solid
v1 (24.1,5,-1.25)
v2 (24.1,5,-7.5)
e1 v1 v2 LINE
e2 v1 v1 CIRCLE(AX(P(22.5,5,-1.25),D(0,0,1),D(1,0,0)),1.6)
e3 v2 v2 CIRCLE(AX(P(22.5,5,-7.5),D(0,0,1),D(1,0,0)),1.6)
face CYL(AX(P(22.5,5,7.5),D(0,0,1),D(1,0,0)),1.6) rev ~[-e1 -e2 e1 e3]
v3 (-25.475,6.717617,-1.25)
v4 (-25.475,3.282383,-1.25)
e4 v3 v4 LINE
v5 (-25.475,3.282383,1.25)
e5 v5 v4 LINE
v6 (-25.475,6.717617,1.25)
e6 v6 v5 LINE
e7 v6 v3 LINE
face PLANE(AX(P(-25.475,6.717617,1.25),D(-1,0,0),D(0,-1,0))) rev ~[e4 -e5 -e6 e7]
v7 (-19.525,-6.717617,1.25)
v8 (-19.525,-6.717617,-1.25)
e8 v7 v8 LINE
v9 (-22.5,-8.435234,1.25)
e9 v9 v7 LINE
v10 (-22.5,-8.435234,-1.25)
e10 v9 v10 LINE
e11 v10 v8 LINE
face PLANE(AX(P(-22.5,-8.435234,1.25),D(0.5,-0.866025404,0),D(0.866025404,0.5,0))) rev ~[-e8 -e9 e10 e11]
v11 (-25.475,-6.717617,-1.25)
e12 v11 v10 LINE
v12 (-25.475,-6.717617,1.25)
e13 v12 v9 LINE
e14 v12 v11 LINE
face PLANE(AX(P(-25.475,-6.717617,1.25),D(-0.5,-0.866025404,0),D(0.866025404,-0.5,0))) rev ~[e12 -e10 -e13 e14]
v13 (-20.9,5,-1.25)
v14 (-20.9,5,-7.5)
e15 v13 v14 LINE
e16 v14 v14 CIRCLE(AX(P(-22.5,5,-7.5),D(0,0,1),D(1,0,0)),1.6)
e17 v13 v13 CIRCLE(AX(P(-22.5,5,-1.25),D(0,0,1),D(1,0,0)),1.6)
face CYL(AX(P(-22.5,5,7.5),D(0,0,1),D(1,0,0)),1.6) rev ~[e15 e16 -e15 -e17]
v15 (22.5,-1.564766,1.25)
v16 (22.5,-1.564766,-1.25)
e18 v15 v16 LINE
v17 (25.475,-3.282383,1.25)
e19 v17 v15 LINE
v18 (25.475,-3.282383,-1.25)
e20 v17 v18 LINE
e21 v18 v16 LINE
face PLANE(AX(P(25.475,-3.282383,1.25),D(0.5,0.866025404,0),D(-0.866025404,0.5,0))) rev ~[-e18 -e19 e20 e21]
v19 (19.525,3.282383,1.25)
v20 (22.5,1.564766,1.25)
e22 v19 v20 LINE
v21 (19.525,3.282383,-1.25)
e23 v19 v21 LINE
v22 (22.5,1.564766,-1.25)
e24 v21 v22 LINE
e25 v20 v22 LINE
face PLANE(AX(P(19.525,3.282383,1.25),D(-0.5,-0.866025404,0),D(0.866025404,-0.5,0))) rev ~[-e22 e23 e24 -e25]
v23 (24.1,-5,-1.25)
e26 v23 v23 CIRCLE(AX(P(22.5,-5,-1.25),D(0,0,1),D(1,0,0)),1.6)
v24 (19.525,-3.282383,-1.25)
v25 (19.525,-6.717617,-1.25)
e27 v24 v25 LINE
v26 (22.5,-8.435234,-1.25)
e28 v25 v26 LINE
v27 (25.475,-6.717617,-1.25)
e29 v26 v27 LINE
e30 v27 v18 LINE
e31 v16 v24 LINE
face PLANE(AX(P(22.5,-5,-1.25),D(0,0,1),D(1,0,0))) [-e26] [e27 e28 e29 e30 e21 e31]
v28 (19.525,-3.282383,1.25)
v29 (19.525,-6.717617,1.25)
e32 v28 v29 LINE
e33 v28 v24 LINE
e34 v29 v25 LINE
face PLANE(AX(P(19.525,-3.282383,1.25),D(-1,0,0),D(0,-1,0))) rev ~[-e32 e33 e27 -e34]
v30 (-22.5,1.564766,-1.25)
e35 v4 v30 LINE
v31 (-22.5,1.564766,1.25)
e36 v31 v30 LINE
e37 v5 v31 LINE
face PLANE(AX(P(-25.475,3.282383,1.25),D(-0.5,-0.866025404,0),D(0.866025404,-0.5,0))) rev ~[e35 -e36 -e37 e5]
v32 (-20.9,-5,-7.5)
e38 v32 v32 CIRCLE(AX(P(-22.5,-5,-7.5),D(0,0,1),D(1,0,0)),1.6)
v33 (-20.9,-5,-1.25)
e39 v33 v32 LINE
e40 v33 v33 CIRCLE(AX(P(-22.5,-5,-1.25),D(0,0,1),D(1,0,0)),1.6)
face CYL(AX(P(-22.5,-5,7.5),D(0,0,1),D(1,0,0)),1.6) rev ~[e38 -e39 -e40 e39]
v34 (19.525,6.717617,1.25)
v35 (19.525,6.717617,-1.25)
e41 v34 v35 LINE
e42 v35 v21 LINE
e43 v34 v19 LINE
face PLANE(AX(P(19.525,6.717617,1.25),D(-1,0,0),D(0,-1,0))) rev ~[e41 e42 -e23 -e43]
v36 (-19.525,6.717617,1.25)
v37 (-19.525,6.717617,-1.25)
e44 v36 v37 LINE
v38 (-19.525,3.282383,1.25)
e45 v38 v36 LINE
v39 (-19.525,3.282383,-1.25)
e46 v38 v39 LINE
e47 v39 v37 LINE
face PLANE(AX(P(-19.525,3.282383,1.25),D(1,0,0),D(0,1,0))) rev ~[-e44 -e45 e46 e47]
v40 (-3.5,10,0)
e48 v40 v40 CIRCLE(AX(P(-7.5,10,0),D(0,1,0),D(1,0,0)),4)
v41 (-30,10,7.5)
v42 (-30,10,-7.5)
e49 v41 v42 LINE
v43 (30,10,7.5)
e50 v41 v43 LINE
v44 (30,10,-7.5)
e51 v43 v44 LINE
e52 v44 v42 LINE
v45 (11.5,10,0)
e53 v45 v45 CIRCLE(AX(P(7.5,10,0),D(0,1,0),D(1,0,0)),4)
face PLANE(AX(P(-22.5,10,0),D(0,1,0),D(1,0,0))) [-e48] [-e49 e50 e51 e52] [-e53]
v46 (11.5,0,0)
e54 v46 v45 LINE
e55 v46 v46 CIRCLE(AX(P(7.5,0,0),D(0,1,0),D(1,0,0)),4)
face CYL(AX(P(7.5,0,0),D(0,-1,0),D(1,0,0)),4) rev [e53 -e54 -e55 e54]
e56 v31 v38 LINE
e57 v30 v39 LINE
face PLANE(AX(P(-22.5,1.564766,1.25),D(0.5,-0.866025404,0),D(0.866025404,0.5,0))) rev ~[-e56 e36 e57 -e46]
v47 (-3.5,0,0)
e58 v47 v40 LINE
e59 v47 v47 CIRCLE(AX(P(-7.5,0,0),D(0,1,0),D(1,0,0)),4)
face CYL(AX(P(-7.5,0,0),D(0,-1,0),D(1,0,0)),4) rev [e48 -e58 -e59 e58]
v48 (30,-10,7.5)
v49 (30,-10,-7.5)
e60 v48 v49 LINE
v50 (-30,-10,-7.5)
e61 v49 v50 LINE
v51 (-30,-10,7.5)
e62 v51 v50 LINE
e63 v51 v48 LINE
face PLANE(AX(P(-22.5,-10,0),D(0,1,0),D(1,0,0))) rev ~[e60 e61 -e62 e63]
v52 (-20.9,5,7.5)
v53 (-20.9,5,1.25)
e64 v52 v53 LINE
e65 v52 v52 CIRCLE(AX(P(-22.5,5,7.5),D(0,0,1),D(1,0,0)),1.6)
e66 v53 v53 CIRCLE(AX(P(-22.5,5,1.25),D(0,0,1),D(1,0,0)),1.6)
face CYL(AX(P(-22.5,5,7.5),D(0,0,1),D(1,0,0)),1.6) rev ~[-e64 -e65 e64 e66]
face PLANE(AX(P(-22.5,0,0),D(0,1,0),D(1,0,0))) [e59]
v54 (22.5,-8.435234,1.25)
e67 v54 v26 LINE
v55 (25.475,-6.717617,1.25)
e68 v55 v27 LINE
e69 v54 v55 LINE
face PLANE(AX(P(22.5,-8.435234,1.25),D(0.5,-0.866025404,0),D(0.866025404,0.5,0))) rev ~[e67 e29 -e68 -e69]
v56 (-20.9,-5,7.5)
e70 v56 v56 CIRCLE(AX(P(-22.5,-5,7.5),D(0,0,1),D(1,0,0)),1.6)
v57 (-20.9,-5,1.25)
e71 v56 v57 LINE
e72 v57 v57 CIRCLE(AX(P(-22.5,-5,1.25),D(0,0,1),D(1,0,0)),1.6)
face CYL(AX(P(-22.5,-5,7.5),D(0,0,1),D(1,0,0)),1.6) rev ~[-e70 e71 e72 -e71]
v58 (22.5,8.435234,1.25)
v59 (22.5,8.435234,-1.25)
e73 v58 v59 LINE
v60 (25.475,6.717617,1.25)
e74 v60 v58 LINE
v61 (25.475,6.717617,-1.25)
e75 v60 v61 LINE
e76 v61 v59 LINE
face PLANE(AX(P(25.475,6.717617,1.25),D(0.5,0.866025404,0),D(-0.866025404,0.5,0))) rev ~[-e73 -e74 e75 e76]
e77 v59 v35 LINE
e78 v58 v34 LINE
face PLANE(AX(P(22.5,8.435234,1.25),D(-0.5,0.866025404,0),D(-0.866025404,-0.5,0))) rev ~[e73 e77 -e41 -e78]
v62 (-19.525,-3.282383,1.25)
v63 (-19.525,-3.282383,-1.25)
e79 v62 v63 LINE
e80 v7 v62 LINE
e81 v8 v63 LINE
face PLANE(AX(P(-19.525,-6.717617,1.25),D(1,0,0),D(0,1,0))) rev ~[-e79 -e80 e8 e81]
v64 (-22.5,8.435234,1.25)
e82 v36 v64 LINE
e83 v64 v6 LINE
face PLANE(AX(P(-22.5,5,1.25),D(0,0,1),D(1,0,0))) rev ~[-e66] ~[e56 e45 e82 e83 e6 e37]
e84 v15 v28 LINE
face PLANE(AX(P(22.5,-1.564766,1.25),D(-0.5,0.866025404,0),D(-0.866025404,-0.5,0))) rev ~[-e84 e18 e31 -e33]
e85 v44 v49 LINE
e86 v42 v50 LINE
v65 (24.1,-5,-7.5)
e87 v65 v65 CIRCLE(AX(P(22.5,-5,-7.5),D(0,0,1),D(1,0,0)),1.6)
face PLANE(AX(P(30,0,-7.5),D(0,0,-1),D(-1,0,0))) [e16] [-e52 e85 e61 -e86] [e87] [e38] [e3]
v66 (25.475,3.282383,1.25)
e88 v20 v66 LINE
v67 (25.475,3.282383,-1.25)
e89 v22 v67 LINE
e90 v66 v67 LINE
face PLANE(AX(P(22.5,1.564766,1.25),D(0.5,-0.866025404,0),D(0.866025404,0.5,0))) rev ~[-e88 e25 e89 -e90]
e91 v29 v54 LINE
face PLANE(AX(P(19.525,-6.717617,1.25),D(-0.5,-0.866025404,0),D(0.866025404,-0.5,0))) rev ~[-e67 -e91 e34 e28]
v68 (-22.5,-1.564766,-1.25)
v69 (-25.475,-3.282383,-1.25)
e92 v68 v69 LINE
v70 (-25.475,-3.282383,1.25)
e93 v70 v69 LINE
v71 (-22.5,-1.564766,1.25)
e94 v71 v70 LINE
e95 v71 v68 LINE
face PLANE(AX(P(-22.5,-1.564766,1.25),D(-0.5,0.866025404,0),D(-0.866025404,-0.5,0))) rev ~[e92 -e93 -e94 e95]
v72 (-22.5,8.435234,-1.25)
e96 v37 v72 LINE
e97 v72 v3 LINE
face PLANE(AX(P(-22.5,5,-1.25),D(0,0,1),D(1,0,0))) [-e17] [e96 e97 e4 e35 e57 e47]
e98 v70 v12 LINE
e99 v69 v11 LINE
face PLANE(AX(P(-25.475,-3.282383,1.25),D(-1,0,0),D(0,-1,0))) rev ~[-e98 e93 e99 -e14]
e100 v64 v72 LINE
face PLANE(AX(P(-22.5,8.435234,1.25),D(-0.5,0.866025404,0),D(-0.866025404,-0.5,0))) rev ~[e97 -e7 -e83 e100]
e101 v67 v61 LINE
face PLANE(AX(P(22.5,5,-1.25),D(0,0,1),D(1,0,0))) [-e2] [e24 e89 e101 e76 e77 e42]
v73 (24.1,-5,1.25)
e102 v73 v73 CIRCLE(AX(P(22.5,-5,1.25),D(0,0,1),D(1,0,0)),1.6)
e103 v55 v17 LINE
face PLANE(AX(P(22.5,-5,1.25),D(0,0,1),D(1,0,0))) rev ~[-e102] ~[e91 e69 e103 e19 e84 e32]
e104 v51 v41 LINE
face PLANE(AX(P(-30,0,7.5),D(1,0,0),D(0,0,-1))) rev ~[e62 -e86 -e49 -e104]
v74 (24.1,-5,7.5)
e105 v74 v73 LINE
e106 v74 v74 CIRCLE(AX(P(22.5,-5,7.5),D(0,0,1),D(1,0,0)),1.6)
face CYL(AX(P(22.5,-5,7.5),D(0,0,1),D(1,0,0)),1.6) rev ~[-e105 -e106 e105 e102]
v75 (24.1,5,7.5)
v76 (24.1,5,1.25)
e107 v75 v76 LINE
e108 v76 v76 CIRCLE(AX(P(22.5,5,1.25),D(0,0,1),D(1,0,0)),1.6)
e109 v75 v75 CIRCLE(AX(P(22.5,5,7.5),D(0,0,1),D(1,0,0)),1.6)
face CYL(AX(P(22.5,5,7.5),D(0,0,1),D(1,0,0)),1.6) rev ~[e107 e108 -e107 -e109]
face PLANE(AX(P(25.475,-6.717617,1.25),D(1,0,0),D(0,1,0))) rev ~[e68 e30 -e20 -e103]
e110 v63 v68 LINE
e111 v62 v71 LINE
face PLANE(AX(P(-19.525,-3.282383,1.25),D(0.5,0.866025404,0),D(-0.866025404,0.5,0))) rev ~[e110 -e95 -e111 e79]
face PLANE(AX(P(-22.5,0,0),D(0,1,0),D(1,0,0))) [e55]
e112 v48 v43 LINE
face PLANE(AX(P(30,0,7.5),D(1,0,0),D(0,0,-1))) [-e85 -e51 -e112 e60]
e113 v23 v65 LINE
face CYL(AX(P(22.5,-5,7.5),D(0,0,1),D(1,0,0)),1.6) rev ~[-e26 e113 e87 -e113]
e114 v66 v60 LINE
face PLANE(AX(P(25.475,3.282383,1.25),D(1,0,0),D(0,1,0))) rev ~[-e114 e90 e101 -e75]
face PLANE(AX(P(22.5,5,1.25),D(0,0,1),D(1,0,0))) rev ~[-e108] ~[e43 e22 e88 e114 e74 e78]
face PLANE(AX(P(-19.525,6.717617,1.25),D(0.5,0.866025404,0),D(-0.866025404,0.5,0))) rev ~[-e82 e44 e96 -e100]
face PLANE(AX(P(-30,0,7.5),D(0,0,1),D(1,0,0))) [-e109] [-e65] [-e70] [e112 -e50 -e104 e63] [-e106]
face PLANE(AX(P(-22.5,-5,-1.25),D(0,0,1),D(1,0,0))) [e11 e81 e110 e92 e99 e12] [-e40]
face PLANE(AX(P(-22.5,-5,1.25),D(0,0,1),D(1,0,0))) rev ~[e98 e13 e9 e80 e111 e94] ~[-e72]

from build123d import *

# Parameters (mm, degrees)
SKETCH2_W           = 60
SKETCH2_H           = 15
SKETCH2_R           = 4
BOSS_EXTRUDE1_DEPTH = 10
SKETCH2_3_W         = 60
SKETCH2_3_H         = 15
BOSS_EXTRUDE2_DEPTH = 10
SKETCH4_R           = 1.6
CUT_EXTRUDE1_DEPTH  = 36
CUT_EXTRUDE2_START  = -6.25
SKETCH4_3_R         = 1.6
CUT_EXTRUDE2_DEPTH  = 2.5


with BuildPart() as part:
    # Sketch2 → Boss-Extrude1 (new body)
    with BuildSketch(Plane(origin=(0, 0, 0), x_dir=(1, 0, 0), z_dir=(0, 1, 0))):
        Rectangle(SKETCH2_W, SKETCH2_H)
        with Locations((-7.5, 0)):
            Circle(SKETCH2_R, mode=Mode.SUBTRACT)
        with Locations((7.5, 0)):
            Circle(SKETCH2_R, mode=Mode.SUBTRACT)
    extrude(amount=BOSS_EXTRUDE1_DEPTH)

    # Sketch2<3> → Boss-Extrude2 (add)
    with BuildSketch(Plane(origin=(0, 0, 0), x_dir=(1, 0, 0), z_dir=(0, 1, 0))):
        Rectangle(SKETCH2_3_W, SKETCH2_3_H)
    extrude(amount=-BOSS_EXTRUDE2_DEPTH)

    # Sketch4 → Cut-Extrude1 (cut, through all)
    with BuildSketch(Plane.XY.offset(7.5)):
        with Locations((22.5, 5)):
            Circle(SKETCH4_R)
        with Locations((22.5, -5)):
            Circle(SKETCH4_R)
        with Locations((-22.5, -5)):
            Circle(SKETCH4_R)
        with Locations((-22.5, 5)):
            Circle(SKETCH4_R)
    extrude(amount=-CUT_EXTRUDE1_DEPTH, mode=Mode.SUBTRACT)

    # Sketch4<3> → Cut-Extrude2 (cut)
    # profile 1 of 4: a face of its own
    with BuildSketch(Plane.XY.offset(7.5).offset(CUT_EXTRUDE2_START)):
        Polygon((-22.5, 8.435234102), (-25.475, 6.717617051), (-25.475, 3.282382949), (-22.5, 1.564765898), (-19.525, 3.282382949), (-19.525, 6.717617051), align=None)
        with Locations((-22.5, 5)):
            Circle(SKETCH4_3_R, mode=Mode.SUBTRACT)
    # profile 2 of 4: a face of its own
    with BuildSketch(Plane.XY.offset(7.5).offset(CUT_EXTRUDE2_START)):
        Polygon((22.5, 8.435234102), (19.525, 6.717617051), (19.525, 3.282382949), (22.5, 1.564765898), (25.475, 3.282382949), (25.475, 6.717617051), align=None)
        with Locations((22.5, 5)):
            Circle(SKETCH4_3_R, mode=Mode.SUBTRACT)
    # profile 3 of 4: a face of its own
    with BuildSketch(Plane.XY.offset(7.5).offset(CUT_EXTRUDE2_START)):
        Polygon((-22.5, -8.435234102), (-19.525, -6.717617051), (-19.525, -3.282382949), (-22.5, -1.564765898), (-25.475, -3.282382949), (-25.475, -6.717617051), align=None)
        with Locations((-22.5, -5)):
            Circle(SKETCH4_3_R, mode=Mode.SUBTRACT)
    # profile 4 of 4: a face of its own
    with BuildSketch(Plane.XY.offset(7.5).offset(CUT_EXTRUDE2_START)):
        Polygon((22.5, -8.435234102), (25.475, -6.717617051), (25.475, -3.282382949), (22.5, -1.564765898), (19.525, -3.282382949), (19.525, -6.717617051), align=None)
        with Locations((22.5, -5)):
            Circle(SKETCH4_3_R, mode=Mode.SUBTRACT)
    extrude(amount=-CUT_EXTRUDE2_DEPTH, mode=Mode.SUBTRACT)


solid = part.part
